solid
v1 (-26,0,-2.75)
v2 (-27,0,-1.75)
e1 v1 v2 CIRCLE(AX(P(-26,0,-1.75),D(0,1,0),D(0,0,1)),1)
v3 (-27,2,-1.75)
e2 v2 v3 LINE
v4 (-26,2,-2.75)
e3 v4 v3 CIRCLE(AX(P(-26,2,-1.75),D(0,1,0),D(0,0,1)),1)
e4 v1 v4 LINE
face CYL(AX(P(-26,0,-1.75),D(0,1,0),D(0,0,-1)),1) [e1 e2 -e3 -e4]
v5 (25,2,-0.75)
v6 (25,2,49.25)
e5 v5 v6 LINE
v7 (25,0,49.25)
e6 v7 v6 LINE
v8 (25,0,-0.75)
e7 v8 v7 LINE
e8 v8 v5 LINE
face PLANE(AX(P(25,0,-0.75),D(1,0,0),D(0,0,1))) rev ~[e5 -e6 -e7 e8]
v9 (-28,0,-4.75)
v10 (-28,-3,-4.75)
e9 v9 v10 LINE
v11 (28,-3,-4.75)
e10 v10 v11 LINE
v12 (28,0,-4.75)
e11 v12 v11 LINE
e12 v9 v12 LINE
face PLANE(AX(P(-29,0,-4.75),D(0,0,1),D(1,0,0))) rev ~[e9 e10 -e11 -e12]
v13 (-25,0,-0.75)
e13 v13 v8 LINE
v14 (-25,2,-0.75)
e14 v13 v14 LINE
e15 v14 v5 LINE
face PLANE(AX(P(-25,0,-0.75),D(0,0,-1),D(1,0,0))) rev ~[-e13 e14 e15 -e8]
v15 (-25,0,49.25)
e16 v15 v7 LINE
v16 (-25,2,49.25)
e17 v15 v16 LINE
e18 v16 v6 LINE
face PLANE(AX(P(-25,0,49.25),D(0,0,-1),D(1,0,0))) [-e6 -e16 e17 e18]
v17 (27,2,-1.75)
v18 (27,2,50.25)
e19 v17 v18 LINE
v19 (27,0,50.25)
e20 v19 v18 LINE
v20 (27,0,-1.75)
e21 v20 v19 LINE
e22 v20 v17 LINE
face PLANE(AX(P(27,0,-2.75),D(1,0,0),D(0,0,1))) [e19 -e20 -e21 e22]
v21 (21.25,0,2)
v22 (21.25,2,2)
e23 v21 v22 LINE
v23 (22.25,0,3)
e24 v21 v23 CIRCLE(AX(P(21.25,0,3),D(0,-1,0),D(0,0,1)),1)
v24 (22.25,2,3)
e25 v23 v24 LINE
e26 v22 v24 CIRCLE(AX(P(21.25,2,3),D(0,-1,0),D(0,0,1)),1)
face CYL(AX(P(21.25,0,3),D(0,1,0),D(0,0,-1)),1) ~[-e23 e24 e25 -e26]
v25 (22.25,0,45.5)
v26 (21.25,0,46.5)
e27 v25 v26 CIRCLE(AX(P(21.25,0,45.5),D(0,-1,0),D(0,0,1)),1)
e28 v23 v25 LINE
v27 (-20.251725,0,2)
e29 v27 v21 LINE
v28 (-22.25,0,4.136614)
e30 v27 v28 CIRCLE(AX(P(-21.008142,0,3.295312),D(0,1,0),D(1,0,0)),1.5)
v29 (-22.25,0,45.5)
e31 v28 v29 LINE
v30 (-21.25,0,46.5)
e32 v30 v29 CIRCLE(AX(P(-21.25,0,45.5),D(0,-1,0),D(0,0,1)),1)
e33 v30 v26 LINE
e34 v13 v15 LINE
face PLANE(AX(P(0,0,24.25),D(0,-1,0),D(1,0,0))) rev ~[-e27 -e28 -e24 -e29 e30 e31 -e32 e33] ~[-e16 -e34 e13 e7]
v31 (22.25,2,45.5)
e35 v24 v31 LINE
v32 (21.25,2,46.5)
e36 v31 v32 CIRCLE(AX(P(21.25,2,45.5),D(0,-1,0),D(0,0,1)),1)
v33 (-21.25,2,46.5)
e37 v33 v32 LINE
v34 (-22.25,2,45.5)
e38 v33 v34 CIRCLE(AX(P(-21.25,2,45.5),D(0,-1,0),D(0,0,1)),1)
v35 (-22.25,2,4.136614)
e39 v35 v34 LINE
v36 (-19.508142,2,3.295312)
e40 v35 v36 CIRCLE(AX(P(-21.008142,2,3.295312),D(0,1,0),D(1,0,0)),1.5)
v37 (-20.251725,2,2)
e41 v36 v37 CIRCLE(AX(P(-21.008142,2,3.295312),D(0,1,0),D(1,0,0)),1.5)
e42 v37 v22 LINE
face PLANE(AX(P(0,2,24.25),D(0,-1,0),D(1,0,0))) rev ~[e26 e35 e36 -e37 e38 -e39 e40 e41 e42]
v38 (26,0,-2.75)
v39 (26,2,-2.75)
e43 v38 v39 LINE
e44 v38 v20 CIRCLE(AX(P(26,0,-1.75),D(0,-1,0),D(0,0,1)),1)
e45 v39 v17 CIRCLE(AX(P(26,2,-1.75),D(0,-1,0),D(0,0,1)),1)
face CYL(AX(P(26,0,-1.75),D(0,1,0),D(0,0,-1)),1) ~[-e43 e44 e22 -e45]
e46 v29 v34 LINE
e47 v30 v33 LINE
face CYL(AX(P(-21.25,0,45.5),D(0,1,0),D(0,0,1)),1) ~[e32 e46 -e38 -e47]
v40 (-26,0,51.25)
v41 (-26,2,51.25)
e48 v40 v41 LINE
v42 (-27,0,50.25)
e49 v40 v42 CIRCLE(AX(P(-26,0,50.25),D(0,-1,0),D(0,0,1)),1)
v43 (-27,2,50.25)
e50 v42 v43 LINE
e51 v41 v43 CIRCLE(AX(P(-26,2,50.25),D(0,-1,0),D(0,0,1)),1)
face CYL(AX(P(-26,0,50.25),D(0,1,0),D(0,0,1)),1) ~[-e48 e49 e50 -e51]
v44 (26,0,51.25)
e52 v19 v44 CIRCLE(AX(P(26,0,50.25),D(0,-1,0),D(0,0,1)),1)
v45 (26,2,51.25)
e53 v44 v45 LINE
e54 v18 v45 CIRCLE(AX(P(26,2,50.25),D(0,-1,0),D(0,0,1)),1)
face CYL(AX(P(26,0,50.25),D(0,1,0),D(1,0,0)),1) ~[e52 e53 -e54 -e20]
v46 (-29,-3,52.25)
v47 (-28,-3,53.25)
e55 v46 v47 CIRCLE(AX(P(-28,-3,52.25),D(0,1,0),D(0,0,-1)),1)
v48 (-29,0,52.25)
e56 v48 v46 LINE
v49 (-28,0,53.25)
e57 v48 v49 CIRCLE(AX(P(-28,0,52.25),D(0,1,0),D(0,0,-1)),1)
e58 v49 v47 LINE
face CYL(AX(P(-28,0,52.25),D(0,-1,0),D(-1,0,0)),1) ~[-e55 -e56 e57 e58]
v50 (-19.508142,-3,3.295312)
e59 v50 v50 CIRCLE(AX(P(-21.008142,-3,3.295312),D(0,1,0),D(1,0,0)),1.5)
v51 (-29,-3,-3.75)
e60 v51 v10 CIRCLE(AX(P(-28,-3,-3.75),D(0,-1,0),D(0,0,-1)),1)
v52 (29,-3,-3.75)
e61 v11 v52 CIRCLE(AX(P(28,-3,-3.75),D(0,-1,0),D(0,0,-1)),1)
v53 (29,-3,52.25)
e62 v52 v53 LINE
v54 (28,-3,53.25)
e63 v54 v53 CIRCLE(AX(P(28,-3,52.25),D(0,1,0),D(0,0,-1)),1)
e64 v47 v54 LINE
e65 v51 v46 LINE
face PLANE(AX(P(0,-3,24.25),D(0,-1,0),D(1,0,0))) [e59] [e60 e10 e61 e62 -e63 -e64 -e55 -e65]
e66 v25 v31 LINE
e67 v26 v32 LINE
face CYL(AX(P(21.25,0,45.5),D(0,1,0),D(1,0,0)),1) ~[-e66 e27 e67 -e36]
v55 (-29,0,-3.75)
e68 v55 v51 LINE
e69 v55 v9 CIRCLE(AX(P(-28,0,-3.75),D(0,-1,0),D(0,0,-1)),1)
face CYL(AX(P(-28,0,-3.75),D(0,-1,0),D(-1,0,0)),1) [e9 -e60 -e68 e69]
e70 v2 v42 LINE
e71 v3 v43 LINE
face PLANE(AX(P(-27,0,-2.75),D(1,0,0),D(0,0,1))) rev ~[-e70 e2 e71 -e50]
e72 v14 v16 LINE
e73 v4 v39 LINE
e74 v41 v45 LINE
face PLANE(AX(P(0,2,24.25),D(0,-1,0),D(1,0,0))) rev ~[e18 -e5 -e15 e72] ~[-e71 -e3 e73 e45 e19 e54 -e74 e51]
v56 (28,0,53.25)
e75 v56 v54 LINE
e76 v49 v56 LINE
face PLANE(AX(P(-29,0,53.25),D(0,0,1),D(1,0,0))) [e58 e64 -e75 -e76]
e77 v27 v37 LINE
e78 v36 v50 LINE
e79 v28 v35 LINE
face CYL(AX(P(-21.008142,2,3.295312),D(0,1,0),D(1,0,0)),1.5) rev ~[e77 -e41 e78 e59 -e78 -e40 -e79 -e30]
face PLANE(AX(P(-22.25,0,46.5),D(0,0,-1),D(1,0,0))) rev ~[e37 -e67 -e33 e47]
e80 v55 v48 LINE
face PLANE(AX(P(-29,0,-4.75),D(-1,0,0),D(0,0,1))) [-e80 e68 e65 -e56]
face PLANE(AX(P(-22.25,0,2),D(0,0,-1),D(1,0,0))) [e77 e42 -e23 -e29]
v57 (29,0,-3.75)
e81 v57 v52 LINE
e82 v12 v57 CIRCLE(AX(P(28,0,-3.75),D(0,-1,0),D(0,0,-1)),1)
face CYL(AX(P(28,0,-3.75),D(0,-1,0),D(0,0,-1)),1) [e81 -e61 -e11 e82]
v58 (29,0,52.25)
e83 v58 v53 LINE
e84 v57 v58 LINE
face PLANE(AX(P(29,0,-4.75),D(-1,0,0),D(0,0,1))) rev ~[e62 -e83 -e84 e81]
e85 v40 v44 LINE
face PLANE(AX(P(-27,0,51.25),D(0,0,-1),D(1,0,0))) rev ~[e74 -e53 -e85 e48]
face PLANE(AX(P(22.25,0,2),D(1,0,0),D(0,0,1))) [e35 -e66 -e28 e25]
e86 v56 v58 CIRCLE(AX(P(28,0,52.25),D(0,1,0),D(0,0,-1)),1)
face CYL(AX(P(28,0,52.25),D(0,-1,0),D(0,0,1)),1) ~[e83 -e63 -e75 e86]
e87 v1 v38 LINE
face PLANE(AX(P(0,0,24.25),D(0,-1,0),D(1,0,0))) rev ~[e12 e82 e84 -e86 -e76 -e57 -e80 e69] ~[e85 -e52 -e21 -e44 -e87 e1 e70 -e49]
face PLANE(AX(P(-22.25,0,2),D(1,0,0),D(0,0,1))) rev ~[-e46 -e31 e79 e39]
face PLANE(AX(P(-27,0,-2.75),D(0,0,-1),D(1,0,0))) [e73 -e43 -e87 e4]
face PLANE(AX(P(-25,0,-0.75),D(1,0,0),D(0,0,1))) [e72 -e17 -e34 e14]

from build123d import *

# Parameters (mm, degrees)
SKETCH005_W   = 54
SKETCH005_H   = 54
SKETCH005_W_2 = 50
SKETCH005_H_2 = 50
SKETCH005_W_3 = 44.5
SKETCH005_H_3 = 44.5
PAD002_DEPTH  = 2
SKETCH006_W   = 58
SKETCH006_H   = 58
PAD003_DEPTH  = 3
FILLET_R      = 1
SKETCH007_R   = 1.5
POCKET_DEPTH  = 5.001


with BuildPart() as part:
    # Sketch005 → Pad002 (new body)
    with BuildSketch(Plane.XZ):
        with Locations((0, 24.25)):
            Rectangle(SKETCH005_W, SKETCH005_H)
        with Locations((0, 24.25)):
            Rectangle(SKETCH005_W_2, SKETCH005_H_2, mode=Mode.SUBTRACT)
        with Locations((0, 24.25)):
            Rectangle(SKETCH005_W_3, SKETCH005_H_3)
    extrude(amount=-PAD002_DEPTH)

    # Sketch006 (on Face15 of Pad002) → Pad003 (join)
    with BuildSketch(Plane.XZ):
        with Locations((0, 24.25)):
            Rectangle(SKETCH006_W, SKETCH006_H)
    extrude(amount=PAD003_DEPTH)

    # Fillet
    fillet_edges = [part.edges().sort_by_distance(p)[0] for p in [
        (-29, -1.5, 53.25),
        (-27, 1, 51.25),
        (-22.25, 1, 46.5),
        (22.25, 1, 46.5),
        (27, 1, 51.25),
        (29, -1.5, 53.25),
        (29, -1.5, -4.75),
        (27, 1, -2.75),
        (22.25, 1, 2),
        (-29, -1.5, -4.75),
        (-27, 1, -2.75),
        (-22.25, 1, 2),
    ]]
    fillet(fillet_edges, radius=FILLET_R)

    # Sketch007 (on Face33 of Fillet) → Pocket (cut, through all)
    with BuildSketch(Plane(origin=(0, 2, 0), x_dir=(1, 0, 0), z_dir=(0, 1, 0))):
        with Locations((-21.008142, -3.295312)):
            Circle(SKETCH007_R)
    extrude(amount=-POCKET_DEPTH, mode=Mode.SUBTRACT)


solid = part.part
